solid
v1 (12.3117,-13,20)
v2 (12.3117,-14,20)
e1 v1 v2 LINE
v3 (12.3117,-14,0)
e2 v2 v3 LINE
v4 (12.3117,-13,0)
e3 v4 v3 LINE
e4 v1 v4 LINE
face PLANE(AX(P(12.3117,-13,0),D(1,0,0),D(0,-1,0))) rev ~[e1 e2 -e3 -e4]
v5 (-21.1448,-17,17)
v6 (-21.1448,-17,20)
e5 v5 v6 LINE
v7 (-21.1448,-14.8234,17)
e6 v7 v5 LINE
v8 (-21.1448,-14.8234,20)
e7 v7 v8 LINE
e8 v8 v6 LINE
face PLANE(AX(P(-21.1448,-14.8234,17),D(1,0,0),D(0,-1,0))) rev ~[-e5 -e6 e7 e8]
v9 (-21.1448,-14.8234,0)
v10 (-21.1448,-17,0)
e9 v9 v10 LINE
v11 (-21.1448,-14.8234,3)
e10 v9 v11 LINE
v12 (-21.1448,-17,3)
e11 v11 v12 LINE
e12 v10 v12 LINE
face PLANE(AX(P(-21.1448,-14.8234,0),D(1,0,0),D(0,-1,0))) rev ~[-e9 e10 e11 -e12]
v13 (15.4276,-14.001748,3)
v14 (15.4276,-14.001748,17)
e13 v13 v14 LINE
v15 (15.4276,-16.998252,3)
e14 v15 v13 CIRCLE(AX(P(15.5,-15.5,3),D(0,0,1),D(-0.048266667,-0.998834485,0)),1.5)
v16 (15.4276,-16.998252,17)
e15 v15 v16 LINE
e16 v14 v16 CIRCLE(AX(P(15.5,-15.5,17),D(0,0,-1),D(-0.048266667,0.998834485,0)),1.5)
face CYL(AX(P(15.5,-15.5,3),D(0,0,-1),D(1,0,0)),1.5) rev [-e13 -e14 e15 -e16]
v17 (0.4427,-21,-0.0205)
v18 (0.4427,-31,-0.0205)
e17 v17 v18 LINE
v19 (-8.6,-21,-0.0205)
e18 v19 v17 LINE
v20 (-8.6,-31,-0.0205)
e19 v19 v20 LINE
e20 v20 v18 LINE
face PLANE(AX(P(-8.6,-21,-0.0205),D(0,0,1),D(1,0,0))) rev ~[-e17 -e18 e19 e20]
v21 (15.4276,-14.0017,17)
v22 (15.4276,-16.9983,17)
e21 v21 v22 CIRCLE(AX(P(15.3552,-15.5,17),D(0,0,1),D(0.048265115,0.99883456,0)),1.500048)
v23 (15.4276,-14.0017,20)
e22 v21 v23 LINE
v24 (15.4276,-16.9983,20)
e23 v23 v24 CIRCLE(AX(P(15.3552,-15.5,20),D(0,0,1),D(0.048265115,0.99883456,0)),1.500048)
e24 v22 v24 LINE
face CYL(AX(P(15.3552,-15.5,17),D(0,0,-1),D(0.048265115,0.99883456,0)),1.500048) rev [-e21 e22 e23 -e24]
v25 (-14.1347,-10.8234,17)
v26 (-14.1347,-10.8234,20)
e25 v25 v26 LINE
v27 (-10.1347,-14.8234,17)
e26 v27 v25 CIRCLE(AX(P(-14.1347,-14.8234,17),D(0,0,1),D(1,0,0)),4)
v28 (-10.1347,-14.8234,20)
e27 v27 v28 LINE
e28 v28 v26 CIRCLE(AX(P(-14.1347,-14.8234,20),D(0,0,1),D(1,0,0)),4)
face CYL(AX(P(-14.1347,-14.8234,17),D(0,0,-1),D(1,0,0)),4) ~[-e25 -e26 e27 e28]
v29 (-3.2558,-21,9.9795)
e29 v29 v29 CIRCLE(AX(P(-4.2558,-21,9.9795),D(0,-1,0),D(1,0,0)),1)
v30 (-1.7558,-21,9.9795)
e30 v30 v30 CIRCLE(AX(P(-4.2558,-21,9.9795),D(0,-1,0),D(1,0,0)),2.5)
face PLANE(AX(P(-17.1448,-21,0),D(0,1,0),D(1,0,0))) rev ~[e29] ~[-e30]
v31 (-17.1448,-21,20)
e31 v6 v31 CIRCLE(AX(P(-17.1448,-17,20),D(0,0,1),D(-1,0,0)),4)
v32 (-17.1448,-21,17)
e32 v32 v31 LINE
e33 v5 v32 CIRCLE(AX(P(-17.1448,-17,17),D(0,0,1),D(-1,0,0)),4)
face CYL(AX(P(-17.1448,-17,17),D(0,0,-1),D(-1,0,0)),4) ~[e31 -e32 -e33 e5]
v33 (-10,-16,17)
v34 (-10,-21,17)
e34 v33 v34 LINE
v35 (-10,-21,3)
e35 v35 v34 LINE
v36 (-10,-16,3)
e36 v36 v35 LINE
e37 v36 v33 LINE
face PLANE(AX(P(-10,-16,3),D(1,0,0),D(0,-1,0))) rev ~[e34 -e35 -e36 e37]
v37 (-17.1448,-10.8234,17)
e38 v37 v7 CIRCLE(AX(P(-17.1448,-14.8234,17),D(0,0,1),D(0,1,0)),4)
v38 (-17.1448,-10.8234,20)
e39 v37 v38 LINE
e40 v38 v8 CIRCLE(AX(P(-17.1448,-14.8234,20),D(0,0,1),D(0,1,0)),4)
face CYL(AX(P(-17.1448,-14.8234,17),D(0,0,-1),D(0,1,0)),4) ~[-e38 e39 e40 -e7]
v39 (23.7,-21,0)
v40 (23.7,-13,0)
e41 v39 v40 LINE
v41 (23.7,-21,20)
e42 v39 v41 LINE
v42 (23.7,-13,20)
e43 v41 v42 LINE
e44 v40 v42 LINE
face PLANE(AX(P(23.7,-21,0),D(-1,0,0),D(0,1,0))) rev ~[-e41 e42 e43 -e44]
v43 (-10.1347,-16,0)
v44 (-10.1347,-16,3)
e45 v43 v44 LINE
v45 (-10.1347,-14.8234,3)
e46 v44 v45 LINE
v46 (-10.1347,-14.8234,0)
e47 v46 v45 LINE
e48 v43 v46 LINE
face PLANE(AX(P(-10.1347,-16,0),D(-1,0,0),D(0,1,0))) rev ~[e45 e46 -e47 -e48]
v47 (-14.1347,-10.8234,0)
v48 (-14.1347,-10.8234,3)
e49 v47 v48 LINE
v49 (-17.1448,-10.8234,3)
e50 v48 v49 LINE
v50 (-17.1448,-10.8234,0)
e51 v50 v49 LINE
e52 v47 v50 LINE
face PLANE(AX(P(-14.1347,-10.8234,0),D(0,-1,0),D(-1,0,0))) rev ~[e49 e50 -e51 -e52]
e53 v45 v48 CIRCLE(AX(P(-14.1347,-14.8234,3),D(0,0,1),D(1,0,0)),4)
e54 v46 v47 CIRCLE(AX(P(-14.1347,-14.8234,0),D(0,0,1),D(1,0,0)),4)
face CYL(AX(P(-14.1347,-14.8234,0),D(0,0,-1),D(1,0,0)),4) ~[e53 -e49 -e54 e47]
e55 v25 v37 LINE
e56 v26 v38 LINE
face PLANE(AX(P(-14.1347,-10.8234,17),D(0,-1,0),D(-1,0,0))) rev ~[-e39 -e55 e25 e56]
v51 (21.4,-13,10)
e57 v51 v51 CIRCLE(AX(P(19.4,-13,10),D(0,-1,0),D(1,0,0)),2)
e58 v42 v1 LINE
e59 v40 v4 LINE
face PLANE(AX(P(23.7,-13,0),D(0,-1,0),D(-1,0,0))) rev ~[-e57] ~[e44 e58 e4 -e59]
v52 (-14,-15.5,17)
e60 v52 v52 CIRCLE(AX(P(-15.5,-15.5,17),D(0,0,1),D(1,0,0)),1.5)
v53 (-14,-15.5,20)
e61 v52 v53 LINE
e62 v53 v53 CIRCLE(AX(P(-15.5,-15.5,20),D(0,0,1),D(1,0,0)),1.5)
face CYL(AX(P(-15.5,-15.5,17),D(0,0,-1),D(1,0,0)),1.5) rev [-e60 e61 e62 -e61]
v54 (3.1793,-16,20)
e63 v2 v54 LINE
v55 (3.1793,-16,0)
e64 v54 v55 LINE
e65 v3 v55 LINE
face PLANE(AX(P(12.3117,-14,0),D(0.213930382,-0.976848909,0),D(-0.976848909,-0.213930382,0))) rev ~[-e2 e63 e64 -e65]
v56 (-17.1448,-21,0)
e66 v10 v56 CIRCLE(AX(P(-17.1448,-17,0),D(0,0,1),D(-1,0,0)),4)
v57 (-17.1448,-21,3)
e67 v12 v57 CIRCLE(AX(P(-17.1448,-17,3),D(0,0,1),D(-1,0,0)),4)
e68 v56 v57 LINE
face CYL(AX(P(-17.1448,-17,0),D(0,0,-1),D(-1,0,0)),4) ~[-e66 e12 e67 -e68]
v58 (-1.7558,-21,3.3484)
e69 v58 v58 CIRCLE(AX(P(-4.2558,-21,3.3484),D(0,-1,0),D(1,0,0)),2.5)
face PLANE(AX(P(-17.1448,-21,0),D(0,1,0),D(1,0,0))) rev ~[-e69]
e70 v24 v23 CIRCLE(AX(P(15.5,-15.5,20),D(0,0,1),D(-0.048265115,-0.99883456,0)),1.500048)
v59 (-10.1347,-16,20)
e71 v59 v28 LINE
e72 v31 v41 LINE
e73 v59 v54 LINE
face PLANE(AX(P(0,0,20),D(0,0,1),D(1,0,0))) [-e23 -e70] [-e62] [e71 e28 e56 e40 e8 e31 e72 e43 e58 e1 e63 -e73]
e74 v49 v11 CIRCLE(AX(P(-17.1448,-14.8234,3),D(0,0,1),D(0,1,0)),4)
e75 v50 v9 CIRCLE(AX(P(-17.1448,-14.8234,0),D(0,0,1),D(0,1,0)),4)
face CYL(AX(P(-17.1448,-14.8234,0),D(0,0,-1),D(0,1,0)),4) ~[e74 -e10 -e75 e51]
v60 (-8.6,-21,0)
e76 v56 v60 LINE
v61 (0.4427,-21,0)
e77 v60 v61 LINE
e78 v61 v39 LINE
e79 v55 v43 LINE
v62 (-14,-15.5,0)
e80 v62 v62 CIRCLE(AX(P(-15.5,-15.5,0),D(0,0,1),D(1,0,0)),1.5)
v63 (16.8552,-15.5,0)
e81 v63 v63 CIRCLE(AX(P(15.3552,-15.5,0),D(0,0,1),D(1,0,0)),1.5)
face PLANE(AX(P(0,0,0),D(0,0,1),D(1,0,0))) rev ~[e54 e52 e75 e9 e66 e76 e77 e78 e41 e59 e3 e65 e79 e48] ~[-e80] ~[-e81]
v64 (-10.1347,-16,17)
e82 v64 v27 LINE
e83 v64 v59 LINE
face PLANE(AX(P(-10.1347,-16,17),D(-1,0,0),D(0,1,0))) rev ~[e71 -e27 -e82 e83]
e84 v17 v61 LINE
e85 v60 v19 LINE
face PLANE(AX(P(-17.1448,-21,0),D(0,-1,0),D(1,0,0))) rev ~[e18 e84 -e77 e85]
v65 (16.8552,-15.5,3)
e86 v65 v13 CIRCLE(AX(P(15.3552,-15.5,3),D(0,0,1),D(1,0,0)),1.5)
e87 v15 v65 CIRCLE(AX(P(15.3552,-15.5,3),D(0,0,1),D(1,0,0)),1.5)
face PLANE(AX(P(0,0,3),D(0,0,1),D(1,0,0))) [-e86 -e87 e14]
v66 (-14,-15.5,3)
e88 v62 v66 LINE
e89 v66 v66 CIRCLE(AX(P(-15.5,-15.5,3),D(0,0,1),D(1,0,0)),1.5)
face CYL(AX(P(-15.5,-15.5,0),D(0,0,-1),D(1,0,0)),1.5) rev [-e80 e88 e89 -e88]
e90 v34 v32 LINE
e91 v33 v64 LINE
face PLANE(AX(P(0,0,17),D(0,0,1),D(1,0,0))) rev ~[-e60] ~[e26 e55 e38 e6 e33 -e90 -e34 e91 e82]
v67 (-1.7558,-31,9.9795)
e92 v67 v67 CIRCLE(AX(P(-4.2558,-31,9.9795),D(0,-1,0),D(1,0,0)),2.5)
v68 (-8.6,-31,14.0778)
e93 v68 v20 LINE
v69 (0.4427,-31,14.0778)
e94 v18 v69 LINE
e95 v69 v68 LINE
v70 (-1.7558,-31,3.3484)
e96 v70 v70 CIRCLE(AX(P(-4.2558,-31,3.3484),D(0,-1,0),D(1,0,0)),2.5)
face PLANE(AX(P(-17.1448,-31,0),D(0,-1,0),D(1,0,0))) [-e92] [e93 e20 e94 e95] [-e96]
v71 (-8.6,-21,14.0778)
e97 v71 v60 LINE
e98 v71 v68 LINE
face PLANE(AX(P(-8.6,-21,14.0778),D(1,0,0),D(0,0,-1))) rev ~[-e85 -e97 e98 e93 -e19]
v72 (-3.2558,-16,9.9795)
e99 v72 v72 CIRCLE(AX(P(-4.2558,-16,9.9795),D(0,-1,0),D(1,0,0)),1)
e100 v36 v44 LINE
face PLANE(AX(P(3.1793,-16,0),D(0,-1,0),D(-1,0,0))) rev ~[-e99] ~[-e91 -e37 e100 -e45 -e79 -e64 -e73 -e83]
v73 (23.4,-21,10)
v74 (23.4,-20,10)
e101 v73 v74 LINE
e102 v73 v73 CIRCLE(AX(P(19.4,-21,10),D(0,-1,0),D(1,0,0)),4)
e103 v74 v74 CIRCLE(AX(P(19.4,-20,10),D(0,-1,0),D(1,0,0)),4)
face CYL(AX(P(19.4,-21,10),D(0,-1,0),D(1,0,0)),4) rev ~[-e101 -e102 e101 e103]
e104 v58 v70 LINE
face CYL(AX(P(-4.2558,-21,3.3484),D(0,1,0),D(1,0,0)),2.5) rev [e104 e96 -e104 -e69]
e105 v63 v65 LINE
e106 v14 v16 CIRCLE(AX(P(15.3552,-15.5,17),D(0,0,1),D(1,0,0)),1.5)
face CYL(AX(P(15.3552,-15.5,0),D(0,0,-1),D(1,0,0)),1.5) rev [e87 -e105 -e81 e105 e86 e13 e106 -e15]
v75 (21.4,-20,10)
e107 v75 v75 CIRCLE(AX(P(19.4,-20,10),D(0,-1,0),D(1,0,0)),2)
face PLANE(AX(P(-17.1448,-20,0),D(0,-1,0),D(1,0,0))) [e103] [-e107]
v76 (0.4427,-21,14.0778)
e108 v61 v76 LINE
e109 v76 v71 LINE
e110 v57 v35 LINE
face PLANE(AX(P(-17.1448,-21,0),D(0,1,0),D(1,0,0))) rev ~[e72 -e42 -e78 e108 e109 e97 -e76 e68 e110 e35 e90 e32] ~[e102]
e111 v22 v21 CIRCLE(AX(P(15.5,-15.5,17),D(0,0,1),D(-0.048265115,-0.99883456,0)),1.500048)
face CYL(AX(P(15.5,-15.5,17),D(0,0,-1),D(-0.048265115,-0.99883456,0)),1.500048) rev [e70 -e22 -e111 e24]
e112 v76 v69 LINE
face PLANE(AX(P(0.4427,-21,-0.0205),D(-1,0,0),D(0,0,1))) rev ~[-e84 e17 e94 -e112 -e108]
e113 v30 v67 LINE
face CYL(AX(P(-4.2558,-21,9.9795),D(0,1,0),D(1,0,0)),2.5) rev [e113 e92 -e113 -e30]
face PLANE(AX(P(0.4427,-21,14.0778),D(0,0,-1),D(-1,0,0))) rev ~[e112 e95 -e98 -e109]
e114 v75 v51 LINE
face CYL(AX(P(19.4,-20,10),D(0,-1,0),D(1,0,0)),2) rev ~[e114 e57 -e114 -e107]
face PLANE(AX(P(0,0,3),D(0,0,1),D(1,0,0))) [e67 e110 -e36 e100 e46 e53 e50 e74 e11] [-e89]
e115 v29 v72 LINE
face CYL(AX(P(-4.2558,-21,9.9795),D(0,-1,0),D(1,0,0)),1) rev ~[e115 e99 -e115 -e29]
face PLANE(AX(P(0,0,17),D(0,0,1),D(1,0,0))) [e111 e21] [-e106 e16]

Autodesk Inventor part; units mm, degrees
ref_plane "YZ Plane" through (0, 0, 0) normal (1, 0, 0) x (0, 1, 0)
ref_plane "XZ Plane" through (0, 0, 0) normal (0, 1, 0) x (-1, 0, 0)
ref_plane "XY Plane" through (0, 0, 0) normal (0, 0, 1) x (1, 0, 0)
sketch "Sketch1" plane through (0, 0, 0) normal (0, 0, 1) x (1, 0, 0)
  line L0 (-17.1448, -21) -> (23.7, -21)
  line L1 (23.7, -21) -> (23.7, -13)
  line L2 (23.7, -13) -> (12.3117, -13)
  line L3 (12.3117, -13) -> (12.3117, -14)
  line L4 (12.3117, -14) -> (3.1793, -16)
  line L5 (3.1793, -16) -> (-10.1347, -16)
  line L6 (-10.1347, -16) -> (-10.1347, -14.8234)
  arc A0 (-10.1347, -14.8234) -> (-14.1347, -10.8234) centre (-14.1347, -14.8234) ccw
  line L7 (-14.1347, -10.8234) -> (-17.1448, -10.8234)
  arc A1 (-17.1448, -10.8234) -> (-21.1448, -14.8234) centre (-17.1448, -14.8234) ccw
  line L8 (-21.1448, -14.8234) -> (-21.1448, -17)
  arc A2 (-21.1448, -17) -> (-17.1448, -21) centre (-17.1448, -17) ccw
  circle A3 centre (-15.5, -15.5) radius 1.5
  circle A4 centre (15.3552, -15.5) radius 1.5
  point P0 (0, 0)
extrude "Extrusion1" add sketch "Sketch1" along normal blind 3
sketch "Sketch2" plane through (0, 0, 3) normal (0, 0, 1) x (1, 0, 0)
  circle A0 centre (15.3552, -15.5) radius 1.5 projected
  line L0 (-10, -16) -> (-10, -21)
  line L1 (23.7, -21) -> (-10, -21)
  line L2 (23.7, -13) -> (23.7, -21)
  line L3 (12.3117, -13) -> (23.7, -13)
  line L4 (12.3117, -14) -> (12.3117, -13)
  line L5 (3.1793, -16) -> (12.3117, -14)
  line L6 (-10, -16) -> (3.1793, -16)
  circle A1 centre (15.5, -15.5) radius 1.5
  point P0 (0, 0)
extrude "Extrusion2" add sketch "Sketch2" along normal blind 14
sketch "Sketch4" plane through (0, 0, 17) normal (0, 0, 1) x (1, 0, 0)
  line L0 (-10, -16) -> (-10, -21) projected
  line L1 (-10, -21) -> (23.7, -21) projected
  line L2 (23.7, -21) -> (23.7, -13) projected
  line L3 (23.7, -13) -> (12.3117, -13) projected
  line L4 (12.3117, -13) -> (12.3117, -14) projected
  line L5 (12.3117, -14) -> (3.1793, -16) projected
  line L6 (3.1793, -16) -> (-10, -16) projected
  arc A0 (15.4276, -14.0017) -> (15.4276, -16.9983) centre (15.3552, -15.5) ccw projected
  arc A1 (15.4276, -16.9983) -> (15.4276, -14.0017) centre (15.5, -15.5) ccw projected
  line L7 (-10, -21) -> (-10, -16) projected
  line L8 (-10, -16) -> (-10.1347, -16) projected
  line L9 (-10.1347, -16) -> (-10.1347, -14.8234) projected
  arc A2 (-10.1347, -14.8234) -> (-14.1347, -10.8234) centre (-14.1347, -14.8234) ccw projected
  line L10 (-14.1347, -10.8234) -> (-17.1448, -10.8234) projected
  arc A3 (-17.1448, -10.8234) -> (-21.1448, -14.8234) centre (-17.1448, -14.8234) ccw projected
  line L11 (-21.1448, -14.8234) -> (-21.1448, -17) projected
  arc A4 (-21.1448, -17) -> (-17.1448, -21) centre (-17.1448, -17) ccw projected
  line L12 (-17.1448, -21) -> (-10, -21) projected
  circle A5 centre (-15.5, -15.5) radius 1.5 projected
  point P0 (0, 0)
extrude "Extrusion3" add sketch "Sketch4" along normal blind 3
sketch "Sketch5" plane through (-17.1448, -21, 0) normal (0, -1, 0) x (1, 0, 0)
  line L0 (7.1448, 3) -> (7.1448, 17) projected
  circle A0 centre (12.889, 3.3484) radius 2.5
  circle A1 centre (12.889, 9.9795) radius 2.5
  line L1 (8.5448, -0.0205) -> (17.5875, -0.0205)
  line L2 (17.5875, -0.0205) -> (17.5875, 14.0778)
  line L3 (17.5875, 14.0778) -> (8.5448, 14.0778)
  line L4 (8.5448, 14.0778) -> (8.5448, -0.0205)
  point P0 (17.1448, 0)
  point P1 (17.1448, -14)
  dimension "d6" = 5
  dimension "d8" = 5
  dimension "d9" = 4.0983
  dimension "d10" = 4.6985
  dimension "d11" = 3.3689
  dimension "d12" = 4.3442
  dimension "d13" = 6.6311
  dimension "d14" = 1.4
extrude "Extrusion4" add sketch "Sketch5" along normal blind 10
sketch "Sketch6" plane through (-4.2558, -21, 9.9795) normal (0, -1, 0) x (1, 0, 0)
  circle A0 centre (0, 0) radius 2.5 projected
  circle A1 centre (0, 0) radius 1
  point P0 (4.2558, -9.9795)
  dimension "d17" = 2
extrude "Extrusion5" cut sketch "Sketch6" against normal blind 10 contours A1
sketch "Sketch7" plane through (-17.1448, -21, 0) normal (0, -1, 0) x (1, 0, 0)
  line L0 (17.5875, 0) -> (40.8448, 0) projected
  line L1 (40.8448, 0) -> (40.8448, 20) projected
  circle A0 centre (36.5448, 10) radius 4
  point P0 (17.1448, 0)
  dimension "d21" = 4.3
  dimension "d22" = 10
  dimension "d23" = 8
extrude "Extrusion6" cut sketch "Sketch7" against normal blind 1
sketch "Sketch8" plane through (19.4, -20, 10) normal (0, -1, 0) x (1, 0, 0)
  circle A0 centre (0, 0) radius 4 projected
  circle A1 centre (0, 0) radius 2
  point P0 (-19.4, -10)
  dimension "d26" = 4
extrude "Extrusion7" cut sketch "Sketch8" against normal blind 11 contours A1
properties part number "exTop"
